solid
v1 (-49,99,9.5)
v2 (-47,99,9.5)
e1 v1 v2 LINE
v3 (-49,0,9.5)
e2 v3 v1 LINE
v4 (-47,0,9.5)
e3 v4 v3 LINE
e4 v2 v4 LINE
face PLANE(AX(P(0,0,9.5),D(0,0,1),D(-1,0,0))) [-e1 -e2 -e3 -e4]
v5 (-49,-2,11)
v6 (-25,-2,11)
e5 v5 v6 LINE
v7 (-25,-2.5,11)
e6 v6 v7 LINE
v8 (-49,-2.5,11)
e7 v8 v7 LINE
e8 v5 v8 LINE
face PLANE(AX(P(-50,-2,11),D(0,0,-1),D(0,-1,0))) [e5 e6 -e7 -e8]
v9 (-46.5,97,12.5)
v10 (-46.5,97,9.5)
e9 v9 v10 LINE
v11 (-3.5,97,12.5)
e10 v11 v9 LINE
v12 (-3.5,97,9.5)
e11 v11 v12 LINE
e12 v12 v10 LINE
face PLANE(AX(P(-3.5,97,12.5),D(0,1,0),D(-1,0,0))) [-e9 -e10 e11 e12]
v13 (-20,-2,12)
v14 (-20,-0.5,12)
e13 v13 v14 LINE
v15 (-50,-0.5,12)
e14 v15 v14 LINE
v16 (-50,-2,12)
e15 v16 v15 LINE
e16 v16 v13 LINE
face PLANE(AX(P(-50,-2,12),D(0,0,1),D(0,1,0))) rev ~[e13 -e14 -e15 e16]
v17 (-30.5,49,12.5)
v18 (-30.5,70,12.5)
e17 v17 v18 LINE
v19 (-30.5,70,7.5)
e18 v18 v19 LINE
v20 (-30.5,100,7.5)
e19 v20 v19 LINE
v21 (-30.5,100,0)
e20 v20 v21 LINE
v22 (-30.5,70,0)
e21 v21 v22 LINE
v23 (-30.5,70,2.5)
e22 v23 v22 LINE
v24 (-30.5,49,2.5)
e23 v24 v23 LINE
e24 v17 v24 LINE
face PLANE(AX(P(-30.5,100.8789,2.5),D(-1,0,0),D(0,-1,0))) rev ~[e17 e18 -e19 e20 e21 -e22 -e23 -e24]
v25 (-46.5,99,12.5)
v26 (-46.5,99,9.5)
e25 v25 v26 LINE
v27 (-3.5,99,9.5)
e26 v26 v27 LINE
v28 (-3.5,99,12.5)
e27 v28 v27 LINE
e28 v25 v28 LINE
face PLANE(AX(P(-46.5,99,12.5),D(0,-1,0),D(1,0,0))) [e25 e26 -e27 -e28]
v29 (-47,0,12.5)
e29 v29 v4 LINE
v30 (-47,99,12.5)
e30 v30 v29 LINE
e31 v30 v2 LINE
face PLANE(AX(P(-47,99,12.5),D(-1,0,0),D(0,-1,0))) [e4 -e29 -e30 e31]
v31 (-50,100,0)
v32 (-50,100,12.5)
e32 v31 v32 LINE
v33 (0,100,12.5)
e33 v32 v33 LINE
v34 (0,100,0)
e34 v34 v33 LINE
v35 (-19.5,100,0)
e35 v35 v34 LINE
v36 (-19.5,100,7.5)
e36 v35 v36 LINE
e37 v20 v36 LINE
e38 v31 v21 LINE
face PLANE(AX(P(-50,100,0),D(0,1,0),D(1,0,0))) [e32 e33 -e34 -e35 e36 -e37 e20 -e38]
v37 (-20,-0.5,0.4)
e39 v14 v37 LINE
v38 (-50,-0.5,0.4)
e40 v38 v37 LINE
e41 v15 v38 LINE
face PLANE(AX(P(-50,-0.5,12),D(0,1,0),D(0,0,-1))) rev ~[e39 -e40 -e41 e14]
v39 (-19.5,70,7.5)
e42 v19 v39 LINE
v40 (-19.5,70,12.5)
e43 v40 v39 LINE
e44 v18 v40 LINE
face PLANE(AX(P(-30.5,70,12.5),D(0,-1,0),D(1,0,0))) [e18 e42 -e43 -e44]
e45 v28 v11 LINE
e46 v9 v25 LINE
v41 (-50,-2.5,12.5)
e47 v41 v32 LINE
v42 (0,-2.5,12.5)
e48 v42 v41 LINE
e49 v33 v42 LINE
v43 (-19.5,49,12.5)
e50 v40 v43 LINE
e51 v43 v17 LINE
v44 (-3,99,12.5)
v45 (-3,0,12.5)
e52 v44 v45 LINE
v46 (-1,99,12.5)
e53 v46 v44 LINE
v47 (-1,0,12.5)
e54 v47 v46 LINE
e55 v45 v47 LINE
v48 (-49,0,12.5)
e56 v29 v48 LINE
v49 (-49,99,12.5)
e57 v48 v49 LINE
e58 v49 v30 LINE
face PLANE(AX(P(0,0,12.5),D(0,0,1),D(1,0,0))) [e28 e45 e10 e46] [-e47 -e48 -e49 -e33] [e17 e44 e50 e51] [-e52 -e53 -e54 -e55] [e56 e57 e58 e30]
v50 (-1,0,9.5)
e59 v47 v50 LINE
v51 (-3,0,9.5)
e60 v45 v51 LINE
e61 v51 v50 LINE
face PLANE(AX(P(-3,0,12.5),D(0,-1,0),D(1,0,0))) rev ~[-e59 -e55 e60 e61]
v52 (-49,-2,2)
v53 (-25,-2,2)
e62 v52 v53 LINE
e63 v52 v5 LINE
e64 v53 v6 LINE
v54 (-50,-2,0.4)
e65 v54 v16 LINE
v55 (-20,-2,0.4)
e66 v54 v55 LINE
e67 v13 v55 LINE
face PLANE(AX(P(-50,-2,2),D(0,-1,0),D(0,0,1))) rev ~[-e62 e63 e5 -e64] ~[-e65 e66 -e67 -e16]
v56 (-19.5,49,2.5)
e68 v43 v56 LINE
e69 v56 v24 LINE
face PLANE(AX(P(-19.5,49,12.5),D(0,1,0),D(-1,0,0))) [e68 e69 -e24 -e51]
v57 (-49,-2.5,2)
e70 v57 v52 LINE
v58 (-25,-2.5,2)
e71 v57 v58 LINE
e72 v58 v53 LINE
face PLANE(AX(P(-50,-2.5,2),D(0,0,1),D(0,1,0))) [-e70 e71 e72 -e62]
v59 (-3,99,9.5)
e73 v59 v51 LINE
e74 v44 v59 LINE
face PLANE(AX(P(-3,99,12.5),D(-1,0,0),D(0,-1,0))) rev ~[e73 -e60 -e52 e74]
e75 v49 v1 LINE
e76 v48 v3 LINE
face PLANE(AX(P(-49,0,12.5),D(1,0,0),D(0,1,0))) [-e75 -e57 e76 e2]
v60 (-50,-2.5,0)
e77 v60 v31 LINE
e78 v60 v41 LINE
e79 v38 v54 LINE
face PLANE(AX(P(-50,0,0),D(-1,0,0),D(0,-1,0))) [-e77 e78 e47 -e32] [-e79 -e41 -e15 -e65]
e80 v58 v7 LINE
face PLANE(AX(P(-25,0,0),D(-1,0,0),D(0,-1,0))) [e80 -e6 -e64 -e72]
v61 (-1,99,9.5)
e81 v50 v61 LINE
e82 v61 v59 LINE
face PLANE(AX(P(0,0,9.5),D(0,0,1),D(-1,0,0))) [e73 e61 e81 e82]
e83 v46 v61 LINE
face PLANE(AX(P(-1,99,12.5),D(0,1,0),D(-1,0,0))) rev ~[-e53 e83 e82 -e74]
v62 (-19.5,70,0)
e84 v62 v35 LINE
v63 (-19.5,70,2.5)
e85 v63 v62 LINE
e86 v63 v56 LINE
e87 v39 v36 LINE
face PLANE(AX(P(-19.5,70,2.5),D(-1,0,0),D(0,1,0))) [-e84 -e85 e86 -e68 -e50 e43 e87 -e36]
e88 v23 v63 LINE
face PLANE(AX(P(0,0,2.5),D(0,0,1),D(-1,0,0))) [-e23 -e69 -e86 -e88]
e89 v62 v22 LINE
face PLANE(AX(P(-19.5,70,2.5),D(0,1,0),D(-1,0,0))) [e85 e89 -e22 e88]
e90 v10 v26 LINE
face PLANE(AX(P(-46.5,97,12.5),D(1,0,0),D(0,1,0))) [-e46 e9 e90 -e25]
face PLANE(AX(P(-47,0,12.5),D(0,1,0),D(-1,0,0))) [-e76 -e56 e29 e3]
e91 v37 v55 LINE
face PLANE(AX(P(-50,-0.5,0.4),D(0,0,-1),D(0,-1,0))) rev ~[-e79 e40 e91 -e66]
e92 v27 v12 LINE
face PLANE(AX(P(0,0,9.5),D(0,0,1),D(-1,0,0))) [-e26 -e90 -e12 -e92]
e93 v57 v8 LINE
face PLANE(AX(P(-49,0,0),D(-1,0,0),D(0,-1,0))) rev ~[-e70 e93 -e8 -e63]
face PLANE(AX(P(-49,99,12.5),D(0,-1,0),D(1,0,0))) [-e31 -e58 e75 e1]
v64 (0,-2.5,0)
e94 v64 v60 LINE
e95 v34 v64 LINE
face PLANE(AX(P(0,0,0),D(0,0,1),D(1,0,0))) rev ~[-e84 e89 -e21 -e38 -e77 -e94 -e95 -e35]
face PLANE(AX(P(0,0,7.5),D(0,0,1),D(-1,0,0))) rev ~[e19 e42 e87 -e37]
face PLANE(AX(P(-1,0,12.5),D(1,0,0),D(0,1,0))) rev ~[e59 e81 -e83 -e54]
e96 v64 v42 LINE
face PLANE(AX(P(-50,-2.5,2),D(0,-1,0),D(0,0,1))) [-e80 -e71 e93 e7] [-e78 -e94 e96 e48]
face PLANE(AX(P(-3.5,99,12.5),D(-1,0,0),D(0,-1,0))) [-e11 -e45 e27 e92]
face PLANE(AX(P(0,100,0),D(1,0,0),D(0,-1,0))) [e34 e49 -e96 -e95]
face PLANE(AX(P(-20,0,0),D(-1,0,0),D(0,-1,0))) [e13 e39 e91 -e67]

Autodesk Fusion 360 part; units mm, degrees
sketch "Sketch1" plane through (0, 0, 0) normal (0, 0, 1) x (1, 0, 0)
  line L0 (-50, 100) -> (0, 100)
  line L1 (0, 100) -> (0, -2.5)
  line L2 (0, -2.5) -> (-50, -2.5)
  line L3 (-50, -2.5) -> (-50, 100)
  dimension "d1" = 50
  dimension "d2" = 102.5
extrude "Extrude1" add sketch "Sketch1" along normal blind 12.5
sketch "Sketch2" plane through (0, 0, 12.5) normal (0, 0, 1) x (-1, 0, 0)
  line L0 (50, 2.5) -> (0, 2.5)
  line L1 (0, 2.5) -> (0, -100)
  line L2 (0, -100) -> (50, -100)
  line L3 (50, -100) -> (50, 2.5)
  line L4 (50, -100) -> (49, -100)
  line L5 (49, -100) -> (49, -99)
  line L6 (49, -99) -> (47, -99)
  line L7 (47, -99) -> (47, 0)
  line L8 (47, 0) -> (49, 0)
  line L9 (49, 0) -> (49, -99)
  line L10 (50, -100) -> (0, -100)
  line L11 (3, -99) -> (3, 0)
  line L12 (1, 0) -> (1, -99)
  line L13 (1, -99) -> (3, -99)
  line L14 (3, 0) -> (1, 0)
  line L15 (47, -99) -> (46.5, -99)
  line L16 (46.5, -99) -> (3.5, -99)
  line L17 (3.5, -99) -> (3.5, -97)
  line L18 (3.5, -97) -> (46.5, -97)
  line L19 (46.5, -97) -> (46.5, -99)
  dimension "d5" = 2
  dimension "d6" = 99
  dimension "d7" = 43
  dimension "d8" = 2
extrude "Extrude2" cut sketch "Sketch2" against normal blind 3 contours L16 L17 L18 L19 | L6 L7 L8 L9 | L11 L12 L13 L14
sketch "Sketch3" plane through (0, 0, 12.5) normal (0, 0, 1) x (-1, 0, 0)
  line L0 (47, -99) -> (47, 0)
  line L1 (47, 0) -> (49, 0)
  line L2 (49, 0) -> (49, -99)
  line L3 (49, -99) -> (47, -99)
  line L4 (1, -99) -> (1, 0)
  line L5 (1, 0) -> (3, 0)
  line L6 (3, 0) -> (3, -99)
  line L7 (3, -99) -> (1, -99)
  line L8 (3.5, -99) -> (3.5, -97)
  line L9 (3.5, -97) -> (46.5, -97)
  line L10 (46.5, -97) -> (46.5, -99)
  line L11 (46.5, -99) -> (3.5, -99)
  line L12 (50, 2.5) -> (0, 2.5)
  line L13 (0, 2.5) -> (0, -100)
  line L14 (0, -100) -> (50, -100)
  line L15 (50, -100) -> (50, 2.5)
  line L16 (50, -100) -> (50, -70)
  line L17 (50, -70) -> (30.5, -70)
  line L18 (30.5, -70) -> (19.5, -70)
  line L19 (19.5, -70) -> (19.5, -49)
  line L20 (19.5, -49) -> (30.5, -49)
  line L21 (30.5, -49) -> (30.5, -70)
  dimension "d11" = 30
  dimension "d12" = 19.5
  dimension "d13" = 11
  dimension "d14" = 21
extrude "Extrude3" cut sketch "Sketch3" against normal blind 10 contours L18 L19 L20 L21
sketch "Sketch4" plane through (0, 0, 2.5) normal (0, 0, 1) x (-1, 0, 0)
  line L0 (30.5, -49) -> (19.5, -49)
  line L1 (19.5, -49) -> (19.5, -70)
  line L2 (19.5, -70) -> (30.5, -70)
  line L3 (30.5, -70) -> (30.5, -49)
  line L4 (30.5, -67.3616) -> (19.5, -67.3616)
  line L5 (19.5, -67.3616) -> (19.5, -100.8789)
  line L6 (19.5, -100.8789) -> (30.5, -100.8789)
  line L7 (30.5, -100.8789) -> (30.5, -67.3616)
extrude "Extrude4" cut sketch "Sketch4" against normal blind 30 contours L2 L5 L6 L7
extrude "Extrude5" cut 1 faces at (-26.8333, 90, 2.5) along direction (0, 0, 1) blind 5
sketch "Sketch5" plane through (-50, 0, 0) normal (-1, 0, 0) x (0, -1, 0)
  line L0 (-100, 0) -> (2.5, 0)
  line L1 (2.5, 0) -> (2.5, 12.5)
  line L2 (2.5, 12.5) -> (-100, 12.5)
  line L3 (-100, 12.5) -> (-100, 0)
  line L4 (2.5, 0) -> (2.5, 2)
  line L5 (2.5, 2) -> (2, 2)
  line L6 (2, 2) -> (2, 11)
  line L7 (2, 11) -> (2.5, 11)
  line L8 (2, 11) -> (2, 12)
  line L9 (2, 12) -> (0.5, 12)
  line L10 (0.5, 12) -> (0.5, 0.4)
  line L11 (0.5, 0.4) -> (2, 0.4)
  line L12 (2, 0.4) -> (2, 2)
  dimension "d21" = 1.5
  dimension "d22" = 11.6
extrude "Extrude6" cut sketch "Sketch5" against normal blind 30 contours L6 L8 L9 L10 L11 L12
extrude "Extrude7" cut sketch "Sketch5" against normal blind 25 contours L1 L5 L6 L7
extrude "Extrude8" add sketch "Sketch5" against normal blind 1 contours L1 L5 L6 L7
